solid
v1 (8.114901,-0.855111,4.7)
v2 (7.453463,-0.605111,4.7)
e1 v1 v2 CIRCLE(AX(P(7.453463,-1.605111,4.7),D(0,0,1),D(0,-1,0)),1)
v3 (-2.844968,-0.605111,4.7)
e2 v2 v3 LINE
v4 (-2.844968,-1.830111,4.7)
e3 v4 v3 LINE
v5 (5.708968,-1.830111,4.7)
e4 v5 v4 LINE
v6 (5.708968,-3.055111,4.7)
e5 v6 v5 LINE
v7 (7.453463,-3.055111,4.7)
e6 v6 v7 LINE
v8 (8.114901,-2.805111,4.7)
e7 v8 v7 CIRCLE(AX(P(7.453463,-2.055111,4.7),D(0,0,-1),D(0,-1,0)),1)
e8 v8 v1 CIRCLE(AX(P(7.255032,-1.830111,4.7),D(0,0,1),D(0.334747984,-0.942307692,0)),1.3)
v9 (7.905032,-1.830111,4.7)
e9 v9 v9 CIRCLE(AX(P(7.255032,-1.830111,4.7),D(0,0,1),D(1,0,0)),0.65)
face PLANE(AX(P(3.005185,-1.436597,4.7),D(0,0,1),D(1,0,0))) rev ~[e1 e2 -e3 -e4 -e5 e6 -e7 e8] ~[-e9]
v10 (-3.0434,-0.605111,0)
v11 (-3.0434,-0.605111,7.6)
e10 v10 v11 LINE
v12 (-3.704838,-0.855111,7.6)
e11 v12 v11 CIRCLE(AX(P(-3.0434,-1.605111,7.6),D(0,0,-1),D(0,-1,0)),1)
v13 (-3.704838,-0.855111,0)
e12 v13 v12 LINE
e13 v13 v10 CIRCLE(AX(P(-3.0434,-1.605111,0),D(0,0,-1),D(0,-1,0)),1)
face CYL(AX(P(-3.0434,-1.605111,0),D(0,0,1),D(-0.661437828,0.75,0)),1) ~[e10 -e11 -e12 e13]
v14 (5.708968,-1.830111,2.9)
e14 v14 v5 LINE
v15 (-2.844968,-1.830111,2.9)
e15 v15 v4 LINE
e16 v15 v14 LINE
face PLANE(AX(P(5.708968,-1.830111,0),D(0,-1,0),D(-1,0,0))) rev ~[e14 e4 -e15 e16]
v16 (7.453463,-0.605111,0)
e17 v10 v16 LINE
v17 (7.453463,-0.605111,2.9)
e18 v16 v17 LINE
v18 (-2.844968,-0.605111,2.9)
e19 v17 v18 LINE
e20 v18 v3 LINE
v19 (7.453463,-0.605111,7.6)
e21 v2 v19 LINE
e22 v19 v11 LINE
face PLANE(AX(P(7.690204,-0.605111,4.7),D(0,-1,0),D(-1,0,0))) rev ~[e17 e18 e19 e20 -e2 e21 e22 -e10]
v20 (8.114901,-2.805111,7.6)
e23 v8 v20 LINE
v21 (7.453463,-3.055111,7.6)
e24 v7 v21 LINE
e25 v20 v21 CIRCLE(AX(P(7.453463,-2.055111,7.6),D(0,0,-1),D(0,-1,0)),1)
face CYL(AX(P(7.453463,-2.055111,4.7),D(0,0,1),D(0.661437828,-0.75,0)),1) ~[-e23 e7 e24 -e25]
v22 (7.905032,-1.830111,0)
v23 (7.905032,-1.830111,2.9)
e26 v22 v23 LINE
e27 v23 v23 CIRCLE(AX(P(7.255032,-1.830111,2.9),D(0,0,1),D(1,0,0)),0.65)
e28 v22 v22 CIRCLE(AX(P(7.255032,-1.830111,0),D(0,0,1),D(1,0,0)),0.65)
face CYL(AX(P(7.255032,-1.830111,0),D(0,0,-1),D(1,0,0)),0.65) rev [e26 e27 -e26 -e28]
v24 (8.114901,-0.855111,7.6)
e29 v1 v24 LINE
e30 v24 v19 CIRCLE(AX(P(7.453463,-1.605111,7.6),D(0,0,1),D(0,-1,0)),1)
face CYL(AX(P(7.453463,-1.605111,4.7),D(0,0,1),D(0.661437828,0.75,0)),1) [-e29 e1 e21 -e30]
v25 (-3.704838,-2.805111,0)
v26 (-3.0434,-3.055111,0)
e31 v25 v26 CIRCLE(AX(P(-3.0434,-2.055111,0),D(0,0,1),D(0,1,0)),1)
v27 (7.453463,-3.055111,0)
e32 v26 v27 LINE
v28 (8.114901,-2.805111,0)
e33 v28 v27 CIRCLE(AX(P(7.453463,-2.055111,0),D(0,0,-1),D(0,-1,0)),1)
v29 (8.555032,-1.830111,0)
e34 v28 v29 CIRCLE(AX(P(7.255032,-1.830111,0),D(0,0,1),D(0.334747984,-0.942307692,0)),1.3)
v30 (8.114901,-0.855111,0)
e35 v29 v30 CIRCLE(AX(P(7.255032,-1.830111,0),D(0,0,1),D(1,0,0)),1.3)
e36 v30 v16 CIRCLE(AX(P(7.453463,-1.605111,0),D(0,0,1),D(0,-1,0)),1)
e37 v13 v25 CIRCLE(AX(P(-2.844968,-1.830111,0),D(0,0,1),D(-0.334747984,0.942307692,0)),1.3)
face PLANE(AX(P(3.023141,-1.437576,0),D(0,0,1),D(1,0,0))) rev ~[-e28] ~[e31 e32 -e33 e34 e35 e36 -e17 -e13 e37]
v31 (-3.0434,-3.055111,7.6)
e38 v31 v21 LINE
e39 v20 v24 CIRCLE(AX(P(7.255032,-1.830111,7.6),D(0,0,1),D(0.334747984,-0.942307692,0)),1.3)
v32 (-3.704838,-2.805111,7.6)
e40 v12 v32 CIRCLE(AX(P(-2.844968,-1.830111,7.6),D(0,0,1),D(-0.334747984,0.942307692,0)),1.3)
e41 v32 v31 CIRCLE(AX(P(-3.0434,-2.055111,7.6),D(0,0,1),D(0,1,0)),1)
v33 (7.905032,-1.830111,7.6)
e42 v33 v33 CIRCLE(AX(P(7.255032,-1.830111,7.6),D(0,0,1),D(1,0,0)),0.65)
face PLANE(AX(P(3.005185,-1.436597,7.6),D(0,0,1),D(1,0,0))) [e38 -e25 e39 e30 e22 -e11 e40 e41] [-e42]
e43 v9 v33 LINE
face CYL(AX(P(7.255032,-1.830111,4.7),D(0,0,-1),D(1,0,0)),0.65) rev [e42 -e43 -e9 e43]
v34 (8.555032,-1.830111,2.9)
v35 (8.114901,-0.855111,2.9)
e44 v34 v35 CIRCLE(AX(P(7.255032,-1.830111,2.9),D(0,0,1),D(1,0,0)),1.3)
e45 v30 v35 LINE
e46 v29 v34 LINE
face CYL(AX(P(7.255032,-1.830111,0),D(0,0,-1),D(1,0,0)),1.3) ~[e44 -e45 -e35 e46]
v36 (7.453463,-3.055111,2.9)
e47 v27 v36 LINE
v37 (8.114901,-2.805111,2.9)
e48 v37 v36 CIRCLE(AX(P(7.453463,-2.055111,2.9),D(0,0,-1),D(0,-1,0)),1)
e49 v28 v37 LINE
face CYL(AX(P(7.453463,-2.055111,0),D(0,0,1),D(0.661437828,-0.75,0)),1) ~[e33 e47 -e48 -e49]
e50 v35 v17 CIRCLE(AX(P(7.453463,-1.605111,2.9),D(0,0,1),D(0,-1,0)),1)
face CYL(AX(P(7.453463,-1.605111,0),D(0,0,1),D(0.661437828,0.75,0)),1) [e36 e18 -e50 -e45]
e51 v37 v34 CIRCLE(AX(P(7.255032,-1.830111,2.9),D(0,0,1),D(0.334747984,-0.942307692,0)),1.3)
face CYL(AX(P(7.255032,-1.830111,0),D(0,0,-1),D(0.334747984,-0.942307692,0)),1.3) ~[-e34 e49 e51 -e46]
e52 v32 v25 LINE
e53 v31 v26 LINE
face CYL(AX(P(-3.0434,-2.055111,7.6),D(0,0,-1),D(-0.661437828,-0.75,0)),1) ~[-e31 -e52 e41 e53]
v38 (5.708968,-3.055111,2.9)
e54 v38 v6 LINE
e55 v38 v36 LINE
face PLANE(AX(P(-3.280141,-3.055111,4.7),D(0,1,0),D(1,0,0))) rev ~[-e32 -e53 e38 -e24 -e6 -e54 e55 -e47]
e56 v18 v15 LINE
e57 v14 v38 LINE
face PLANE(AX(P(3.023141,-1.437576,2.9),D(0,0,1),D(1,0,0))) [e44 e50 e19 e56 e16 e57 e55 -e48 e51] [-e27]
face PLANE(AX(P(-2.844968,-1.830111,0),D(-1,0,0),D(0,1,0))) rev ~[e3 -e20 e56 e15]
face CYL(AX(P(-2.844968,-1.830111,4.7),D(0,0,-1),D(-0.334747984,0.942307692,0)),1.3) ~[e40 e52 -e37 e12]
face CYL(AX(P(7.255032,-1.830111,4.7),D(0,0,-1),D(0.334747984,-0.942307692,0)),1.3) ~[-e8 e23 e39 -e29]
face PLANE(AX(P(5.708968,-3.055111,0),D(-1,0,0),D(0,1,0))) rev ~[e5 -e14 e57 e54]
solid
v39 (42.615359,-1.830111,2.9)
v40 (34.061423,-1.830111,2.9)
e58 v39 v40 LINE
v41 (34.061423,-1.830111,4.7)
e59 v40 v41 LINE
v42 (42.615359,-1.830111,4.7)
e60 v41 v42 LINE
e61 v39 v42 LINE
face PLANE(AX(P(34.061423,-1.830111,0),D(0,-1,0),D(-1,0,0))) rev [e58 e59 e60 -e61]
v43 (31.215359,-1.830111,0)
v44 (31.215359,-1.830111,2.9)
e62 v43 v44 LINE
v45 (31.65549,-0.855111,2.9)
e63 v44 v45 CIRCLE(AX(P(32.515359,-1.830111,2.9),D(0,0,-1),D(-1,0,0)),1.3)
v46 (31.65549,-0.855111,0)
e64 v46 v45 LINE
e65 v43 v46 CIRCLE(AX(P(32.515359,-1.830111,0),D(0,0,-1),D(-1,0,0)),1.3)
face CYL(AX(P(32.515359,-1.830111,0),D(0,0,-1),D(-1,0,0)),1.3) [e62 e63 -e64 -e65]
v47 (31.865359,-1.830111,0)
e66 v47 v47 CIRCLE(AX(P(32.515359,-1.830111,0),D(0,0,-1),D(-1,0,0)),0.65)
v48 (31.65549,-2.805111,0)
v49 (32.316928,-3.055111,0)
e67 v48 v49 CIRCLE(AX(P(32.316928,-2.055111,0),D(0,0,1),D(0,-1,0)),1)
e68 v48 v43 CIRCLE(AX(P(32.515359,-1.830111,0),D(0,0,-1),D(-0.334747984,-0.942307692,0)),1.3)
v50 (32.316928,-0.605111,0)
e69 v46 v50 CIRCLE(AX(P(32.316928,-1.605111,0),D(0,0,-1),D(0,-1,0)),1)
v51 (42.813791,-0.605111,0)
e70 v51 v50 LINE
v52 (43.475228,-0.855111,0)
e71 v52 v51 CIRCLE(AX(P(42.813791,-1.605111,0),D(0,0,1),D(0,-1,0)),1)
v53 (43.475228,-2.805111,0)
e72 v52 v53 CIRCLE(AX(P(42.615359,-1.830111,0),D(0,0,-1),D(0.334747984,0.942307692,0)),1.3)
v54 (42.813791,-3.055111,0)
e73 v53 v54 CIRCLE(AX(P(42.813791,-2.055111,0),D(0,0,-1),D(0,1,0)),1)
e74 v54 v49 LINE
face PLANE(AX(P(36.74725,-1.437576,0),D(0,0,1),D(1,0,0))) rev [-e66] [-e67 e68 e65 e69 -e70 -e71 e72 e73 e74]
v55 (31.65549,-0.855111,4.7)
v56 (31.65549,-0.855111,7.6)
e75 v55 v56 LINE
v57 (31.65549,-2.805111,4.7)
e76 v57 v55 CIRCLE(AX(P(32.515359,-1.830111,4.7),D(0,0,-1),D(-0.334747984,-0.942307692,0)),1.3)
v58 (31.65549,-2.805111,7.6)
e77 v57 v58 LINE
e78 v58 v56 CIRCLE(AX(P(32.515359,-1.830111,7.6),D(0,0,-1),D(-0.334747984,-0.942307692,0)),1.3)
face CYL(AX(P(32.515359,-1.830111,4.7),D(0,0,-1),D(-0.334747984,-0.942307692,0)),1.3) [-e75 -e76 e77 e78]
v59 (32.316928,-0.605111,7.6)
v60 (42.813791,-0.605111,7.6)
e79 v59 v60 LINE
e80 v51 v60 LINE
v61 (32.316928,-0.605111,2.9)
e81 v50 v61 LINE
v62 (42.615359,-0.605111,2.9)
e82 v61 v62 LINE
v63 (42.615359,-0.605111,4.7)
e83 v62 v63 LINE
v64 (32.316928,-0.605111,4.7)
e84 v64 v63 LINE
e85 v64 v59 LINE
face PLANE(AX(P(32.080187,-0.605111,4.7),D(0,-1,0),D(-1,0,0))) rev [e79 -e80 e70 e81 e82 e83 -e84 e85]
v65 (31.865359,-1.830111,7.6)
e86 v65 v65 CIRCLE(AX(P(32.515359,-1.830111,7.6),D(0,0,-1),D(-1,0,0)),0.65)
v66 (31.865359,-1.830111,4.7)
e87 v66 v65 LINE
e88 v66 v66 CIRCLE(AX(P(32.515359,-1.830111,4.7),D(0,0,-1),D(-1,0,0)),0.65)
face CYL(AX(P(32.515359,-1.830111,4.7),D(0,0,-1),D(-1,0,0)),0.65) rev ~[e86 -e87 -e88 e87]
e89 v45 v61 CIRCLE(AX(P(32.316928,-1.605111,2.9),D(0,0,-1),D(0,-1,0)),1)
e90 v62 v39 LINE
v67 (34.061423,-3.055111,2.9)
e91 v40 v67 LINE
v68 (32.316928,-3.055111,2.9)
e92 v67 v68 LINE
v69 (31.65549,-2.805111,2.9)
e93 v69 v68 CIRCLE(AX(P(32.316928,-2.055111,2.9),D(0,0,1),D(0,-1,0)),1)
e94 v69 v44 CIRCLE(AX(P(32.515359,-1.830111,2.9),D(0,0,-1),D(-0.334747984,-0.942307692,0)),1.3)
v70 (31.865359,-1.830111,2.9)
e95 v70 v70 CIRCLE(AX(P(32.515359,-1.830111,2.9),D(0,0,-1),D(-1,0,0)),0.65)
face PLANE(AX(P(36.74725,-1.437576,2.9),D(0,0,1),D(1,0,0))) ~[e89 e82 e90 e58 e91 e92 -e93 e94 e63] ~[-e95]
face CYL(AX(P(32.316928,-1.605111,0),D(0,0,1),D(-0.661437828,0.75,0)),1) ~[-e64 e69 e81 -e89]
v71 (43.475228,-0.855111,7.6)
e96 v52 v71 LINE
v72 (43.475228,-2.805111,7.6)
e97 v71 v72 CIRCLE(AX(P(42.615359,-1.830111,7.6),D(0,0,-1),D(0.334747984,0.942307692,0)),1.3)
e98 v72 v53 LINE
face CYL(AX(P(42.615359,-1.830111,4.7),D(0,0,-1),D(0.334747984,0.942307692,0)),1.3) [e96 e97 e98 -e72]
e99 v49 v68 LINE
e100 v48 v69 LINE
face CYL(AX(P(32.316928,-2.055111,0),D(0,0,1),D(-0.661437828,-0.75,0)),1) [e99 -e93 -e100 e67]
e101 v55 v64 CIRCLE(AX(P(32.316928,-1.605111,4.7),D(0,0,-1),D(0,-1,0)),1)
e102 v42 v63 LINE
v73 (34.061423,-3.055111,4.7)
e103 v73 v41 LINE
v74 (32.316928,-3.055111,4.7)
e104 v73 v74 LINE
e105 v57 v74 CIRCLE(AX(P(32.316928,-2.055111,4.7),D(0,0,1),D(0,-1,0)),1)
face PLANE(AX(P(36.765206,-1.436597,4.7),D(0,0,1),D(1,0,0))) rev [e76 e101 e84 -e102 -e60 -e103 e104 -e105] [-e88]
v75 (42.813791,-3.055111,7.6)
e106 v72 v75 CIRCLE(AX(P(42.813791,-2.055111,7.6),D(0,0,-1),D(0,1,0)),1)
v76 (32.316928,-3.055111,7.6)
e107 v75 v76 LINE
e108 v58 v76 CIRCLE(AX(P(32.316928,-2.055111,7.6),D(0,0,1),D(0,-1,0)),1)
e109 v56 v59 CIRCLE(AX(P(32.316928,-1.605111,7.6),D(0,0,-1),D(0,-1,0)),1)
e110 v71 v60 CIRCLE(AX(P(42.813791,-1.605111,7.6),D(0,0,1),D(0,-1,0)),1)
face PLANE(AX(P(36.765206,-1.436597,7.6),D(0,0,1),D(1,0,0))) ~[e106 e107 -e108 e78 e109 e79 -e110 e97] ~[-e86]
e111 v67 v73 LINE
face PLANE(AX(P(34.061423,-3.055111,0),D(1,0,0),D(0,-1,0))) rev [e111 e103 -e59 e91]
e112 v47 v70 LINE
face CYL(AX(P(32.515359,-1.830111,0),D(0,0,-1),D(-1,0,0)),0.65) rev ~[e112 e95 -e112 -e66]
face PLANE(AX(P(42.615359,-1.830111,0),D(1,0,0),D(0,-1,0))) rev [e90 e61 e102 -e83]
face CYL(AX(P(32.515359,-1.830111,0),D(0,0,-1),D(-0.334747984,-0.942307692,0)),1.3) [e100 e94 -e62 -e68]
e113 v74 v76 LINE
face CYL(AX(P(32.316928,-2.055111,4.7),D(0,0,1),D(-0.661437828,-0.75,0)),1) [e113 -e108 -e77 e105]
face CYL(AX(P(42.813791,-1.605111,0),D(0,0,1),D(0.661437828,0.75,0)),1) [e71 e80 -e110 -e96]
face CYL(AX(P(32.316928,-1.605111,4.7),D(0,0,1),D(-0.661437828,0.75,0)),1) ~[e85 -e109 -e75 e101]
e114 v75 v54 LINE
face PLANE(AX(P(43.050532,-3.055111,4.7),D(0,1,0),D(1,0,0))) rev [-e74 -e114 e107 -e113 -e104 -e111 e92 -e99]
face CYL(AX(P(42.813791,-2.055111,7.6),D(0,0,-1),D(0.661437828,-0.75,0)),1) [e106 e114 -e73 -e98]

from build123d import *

# Parameters (mm, degrees)
F0_R     = 0.65
F1_DEPTH = 2.9
F2_DEPTH = 4.7
F3_R     = 0.65
F4_DEPTH = 2.9
F5_R     = 1


with BuildPart() as f1:
    # F0 (on Top) → F1 (new body)
    with BuildSketch(Plane.XY):
        with BuildLine():
            Line((5.7089678012, -3.0551114906), (7.6902039147, -3.0551114906))
            ThreePointArc((7.6902039147, -3.0551114906), (8.3170400316, -2.5798700872), (8.555031535, -1.8301114906))
            ThreePointArc((8.555031535, -1.8301114906), (8.3170400316, -1.0803528939), (7.6902039147, -0.6051114906))
            Line((7.6902039147, -0.6051114906), (1.4938830864, -0.6051114906))
            Line((1.4938830864, -0.6051114906), (-2.844968465, -0.6051114906))
            Line((-2.844968465, -0.6051114906), (-2.844968465, -1.8301114906))
            Line((-2.844968465, -1.8301114906), (5.7089678012, -1.8301114906))
            Line((5.7089678012, -1.8301114906), (5.7089678012, -3.0551114906))
        make_face()
        with Locations((7.255031535, -1.8301114906)):
            Circle(F0_R, mode=Mode.SUBTRACT)
        with BuildLine():
            Line((4.2914836667, -3.0551114906), (5.7089678012, -3.0551114906))
            Line((5.7089678012, -3.0551114906), (5.7089678012, -1.8301114906))
            Line((5.7089678012, -1.8301114906), (-2.844968465, -1.8301114906))
            Line((-2.844968465, -1.8301114906), (-2.844968465, -0.6051114906))
            Line((-2.844968465, -0.6051114906), (-3.2801408446, -0.6051114906))
            ThreePointArc((-3.2801408446, -0.6051114906), (-4.144968465, -1.8301114906), (-3.2801408446, -3.0551114906))
            Line((-3.2801408446, -3.0551114906), (4.2914836667, -3.0551114906))
        make_face()
    extrude(amount=F1_DEPTH)

    # F0 (on Top) → F2 (join)
    with BuildSketch(Plane.XY):
        with BuildLine():
            Line((4.2914836667, -3.0551114906), (5.7089678012, -3.0551114906))
            Line((5.7089678012, -3.0551114906), (5.7089678012, -1.8301114906))
            Line((5.7089678012, -1.8301114906), (-2.844968465, -1.8301114906))
            Line((-2.844968465, -1.8301114906), (-2.844968465, -0.6051114906))
            Line((-2.844968465, -0.6051114906), (-3.2801408446, -0.6051114906))
            ThreePointArc((-3.2801408446, -0.6051114906), (-4.144968465, -1.8301114906), (-3.2801408446, -3.0551114906))
            Line((-3.2801408446, -3.0551114906), (4.2914836667, -3.0551114906))
        make_face()
    extrude(amount=F2_DEPTH)

    # F3 (on face) → F4 (join)
    with BuildSketch(Plane.XY.offset(4.7)):
        with BuildLine():
            ThreePointArc((7.6902039147, -3.0551114906), (8.555031535, -1.8301114906), (7.6902039147, -0.6051114906))
            Line((7.6902039147, -0.6051114906), (-2.844968465, -0.6051114906))
            Line((-2.844968465, -0.6051114906), (-2.844968465, -1.8301114906))
            Line((-2.844968465, -1.8301114906), (5.7089678012, -1.8301114906))
            Line((5.7089678012, -1.8301114906), (5.7089678012, -3.0551114906))
            Line((5.7089678012, -3.0551114906), (7.6902039147, -3.0551114906))
        make_face()
        with Locations((7.255031535, -1.8301114906)):
            Circle(F3_R, mode=Mode.SUBTRACT)
        with BuildLine():
            Line((-2.844968465, -1.8301114906), (-2.844968465, -0.6051114906))
            Line((-2.844968465, -0.6051114906), (-3.2801408446, -0.6051114906))
            ThreePointArc((-3.2801408446, -0.6051114906), (-4.144968465, -1.8301114906), (-3.2801408446, -3.0551114906))
            Line((-3.2801408446, -3.0551114906), (5.7089678012, -3.0551114906))
            Line((5.7089678012, -3.0551114906), (5.7089678012, -1.8301114906))
            Line((5.7089678012, -1.8301114906), (-2.844968465, -1.8301114906))
        make_face()
    extrude(amount=F4_DEPTH)

    # F5
    f5_edges = [f1.edges().sort_by_distance(p)[0] for p in [
        (7.690204, -0.605111, 6.15),
        (7.690204, -0.605111, 1.45),
        (-3.280141, -0.605111, 3.8),
        (7.690204, -3.055111, 6.15),
        (-3.280141, -3.055111, 3.8),
        (7.690204, -3.055111, 1.45),
    ]]
    fillet(f5_edges, radius=F5_R)


with BuildPart() as f8_1:
    # F8: instance of F1
    add(f1.part.mirror(Plane.YZ.offset(19.8851954192)))


solid = Compound([f1.part, f8_1.part])
